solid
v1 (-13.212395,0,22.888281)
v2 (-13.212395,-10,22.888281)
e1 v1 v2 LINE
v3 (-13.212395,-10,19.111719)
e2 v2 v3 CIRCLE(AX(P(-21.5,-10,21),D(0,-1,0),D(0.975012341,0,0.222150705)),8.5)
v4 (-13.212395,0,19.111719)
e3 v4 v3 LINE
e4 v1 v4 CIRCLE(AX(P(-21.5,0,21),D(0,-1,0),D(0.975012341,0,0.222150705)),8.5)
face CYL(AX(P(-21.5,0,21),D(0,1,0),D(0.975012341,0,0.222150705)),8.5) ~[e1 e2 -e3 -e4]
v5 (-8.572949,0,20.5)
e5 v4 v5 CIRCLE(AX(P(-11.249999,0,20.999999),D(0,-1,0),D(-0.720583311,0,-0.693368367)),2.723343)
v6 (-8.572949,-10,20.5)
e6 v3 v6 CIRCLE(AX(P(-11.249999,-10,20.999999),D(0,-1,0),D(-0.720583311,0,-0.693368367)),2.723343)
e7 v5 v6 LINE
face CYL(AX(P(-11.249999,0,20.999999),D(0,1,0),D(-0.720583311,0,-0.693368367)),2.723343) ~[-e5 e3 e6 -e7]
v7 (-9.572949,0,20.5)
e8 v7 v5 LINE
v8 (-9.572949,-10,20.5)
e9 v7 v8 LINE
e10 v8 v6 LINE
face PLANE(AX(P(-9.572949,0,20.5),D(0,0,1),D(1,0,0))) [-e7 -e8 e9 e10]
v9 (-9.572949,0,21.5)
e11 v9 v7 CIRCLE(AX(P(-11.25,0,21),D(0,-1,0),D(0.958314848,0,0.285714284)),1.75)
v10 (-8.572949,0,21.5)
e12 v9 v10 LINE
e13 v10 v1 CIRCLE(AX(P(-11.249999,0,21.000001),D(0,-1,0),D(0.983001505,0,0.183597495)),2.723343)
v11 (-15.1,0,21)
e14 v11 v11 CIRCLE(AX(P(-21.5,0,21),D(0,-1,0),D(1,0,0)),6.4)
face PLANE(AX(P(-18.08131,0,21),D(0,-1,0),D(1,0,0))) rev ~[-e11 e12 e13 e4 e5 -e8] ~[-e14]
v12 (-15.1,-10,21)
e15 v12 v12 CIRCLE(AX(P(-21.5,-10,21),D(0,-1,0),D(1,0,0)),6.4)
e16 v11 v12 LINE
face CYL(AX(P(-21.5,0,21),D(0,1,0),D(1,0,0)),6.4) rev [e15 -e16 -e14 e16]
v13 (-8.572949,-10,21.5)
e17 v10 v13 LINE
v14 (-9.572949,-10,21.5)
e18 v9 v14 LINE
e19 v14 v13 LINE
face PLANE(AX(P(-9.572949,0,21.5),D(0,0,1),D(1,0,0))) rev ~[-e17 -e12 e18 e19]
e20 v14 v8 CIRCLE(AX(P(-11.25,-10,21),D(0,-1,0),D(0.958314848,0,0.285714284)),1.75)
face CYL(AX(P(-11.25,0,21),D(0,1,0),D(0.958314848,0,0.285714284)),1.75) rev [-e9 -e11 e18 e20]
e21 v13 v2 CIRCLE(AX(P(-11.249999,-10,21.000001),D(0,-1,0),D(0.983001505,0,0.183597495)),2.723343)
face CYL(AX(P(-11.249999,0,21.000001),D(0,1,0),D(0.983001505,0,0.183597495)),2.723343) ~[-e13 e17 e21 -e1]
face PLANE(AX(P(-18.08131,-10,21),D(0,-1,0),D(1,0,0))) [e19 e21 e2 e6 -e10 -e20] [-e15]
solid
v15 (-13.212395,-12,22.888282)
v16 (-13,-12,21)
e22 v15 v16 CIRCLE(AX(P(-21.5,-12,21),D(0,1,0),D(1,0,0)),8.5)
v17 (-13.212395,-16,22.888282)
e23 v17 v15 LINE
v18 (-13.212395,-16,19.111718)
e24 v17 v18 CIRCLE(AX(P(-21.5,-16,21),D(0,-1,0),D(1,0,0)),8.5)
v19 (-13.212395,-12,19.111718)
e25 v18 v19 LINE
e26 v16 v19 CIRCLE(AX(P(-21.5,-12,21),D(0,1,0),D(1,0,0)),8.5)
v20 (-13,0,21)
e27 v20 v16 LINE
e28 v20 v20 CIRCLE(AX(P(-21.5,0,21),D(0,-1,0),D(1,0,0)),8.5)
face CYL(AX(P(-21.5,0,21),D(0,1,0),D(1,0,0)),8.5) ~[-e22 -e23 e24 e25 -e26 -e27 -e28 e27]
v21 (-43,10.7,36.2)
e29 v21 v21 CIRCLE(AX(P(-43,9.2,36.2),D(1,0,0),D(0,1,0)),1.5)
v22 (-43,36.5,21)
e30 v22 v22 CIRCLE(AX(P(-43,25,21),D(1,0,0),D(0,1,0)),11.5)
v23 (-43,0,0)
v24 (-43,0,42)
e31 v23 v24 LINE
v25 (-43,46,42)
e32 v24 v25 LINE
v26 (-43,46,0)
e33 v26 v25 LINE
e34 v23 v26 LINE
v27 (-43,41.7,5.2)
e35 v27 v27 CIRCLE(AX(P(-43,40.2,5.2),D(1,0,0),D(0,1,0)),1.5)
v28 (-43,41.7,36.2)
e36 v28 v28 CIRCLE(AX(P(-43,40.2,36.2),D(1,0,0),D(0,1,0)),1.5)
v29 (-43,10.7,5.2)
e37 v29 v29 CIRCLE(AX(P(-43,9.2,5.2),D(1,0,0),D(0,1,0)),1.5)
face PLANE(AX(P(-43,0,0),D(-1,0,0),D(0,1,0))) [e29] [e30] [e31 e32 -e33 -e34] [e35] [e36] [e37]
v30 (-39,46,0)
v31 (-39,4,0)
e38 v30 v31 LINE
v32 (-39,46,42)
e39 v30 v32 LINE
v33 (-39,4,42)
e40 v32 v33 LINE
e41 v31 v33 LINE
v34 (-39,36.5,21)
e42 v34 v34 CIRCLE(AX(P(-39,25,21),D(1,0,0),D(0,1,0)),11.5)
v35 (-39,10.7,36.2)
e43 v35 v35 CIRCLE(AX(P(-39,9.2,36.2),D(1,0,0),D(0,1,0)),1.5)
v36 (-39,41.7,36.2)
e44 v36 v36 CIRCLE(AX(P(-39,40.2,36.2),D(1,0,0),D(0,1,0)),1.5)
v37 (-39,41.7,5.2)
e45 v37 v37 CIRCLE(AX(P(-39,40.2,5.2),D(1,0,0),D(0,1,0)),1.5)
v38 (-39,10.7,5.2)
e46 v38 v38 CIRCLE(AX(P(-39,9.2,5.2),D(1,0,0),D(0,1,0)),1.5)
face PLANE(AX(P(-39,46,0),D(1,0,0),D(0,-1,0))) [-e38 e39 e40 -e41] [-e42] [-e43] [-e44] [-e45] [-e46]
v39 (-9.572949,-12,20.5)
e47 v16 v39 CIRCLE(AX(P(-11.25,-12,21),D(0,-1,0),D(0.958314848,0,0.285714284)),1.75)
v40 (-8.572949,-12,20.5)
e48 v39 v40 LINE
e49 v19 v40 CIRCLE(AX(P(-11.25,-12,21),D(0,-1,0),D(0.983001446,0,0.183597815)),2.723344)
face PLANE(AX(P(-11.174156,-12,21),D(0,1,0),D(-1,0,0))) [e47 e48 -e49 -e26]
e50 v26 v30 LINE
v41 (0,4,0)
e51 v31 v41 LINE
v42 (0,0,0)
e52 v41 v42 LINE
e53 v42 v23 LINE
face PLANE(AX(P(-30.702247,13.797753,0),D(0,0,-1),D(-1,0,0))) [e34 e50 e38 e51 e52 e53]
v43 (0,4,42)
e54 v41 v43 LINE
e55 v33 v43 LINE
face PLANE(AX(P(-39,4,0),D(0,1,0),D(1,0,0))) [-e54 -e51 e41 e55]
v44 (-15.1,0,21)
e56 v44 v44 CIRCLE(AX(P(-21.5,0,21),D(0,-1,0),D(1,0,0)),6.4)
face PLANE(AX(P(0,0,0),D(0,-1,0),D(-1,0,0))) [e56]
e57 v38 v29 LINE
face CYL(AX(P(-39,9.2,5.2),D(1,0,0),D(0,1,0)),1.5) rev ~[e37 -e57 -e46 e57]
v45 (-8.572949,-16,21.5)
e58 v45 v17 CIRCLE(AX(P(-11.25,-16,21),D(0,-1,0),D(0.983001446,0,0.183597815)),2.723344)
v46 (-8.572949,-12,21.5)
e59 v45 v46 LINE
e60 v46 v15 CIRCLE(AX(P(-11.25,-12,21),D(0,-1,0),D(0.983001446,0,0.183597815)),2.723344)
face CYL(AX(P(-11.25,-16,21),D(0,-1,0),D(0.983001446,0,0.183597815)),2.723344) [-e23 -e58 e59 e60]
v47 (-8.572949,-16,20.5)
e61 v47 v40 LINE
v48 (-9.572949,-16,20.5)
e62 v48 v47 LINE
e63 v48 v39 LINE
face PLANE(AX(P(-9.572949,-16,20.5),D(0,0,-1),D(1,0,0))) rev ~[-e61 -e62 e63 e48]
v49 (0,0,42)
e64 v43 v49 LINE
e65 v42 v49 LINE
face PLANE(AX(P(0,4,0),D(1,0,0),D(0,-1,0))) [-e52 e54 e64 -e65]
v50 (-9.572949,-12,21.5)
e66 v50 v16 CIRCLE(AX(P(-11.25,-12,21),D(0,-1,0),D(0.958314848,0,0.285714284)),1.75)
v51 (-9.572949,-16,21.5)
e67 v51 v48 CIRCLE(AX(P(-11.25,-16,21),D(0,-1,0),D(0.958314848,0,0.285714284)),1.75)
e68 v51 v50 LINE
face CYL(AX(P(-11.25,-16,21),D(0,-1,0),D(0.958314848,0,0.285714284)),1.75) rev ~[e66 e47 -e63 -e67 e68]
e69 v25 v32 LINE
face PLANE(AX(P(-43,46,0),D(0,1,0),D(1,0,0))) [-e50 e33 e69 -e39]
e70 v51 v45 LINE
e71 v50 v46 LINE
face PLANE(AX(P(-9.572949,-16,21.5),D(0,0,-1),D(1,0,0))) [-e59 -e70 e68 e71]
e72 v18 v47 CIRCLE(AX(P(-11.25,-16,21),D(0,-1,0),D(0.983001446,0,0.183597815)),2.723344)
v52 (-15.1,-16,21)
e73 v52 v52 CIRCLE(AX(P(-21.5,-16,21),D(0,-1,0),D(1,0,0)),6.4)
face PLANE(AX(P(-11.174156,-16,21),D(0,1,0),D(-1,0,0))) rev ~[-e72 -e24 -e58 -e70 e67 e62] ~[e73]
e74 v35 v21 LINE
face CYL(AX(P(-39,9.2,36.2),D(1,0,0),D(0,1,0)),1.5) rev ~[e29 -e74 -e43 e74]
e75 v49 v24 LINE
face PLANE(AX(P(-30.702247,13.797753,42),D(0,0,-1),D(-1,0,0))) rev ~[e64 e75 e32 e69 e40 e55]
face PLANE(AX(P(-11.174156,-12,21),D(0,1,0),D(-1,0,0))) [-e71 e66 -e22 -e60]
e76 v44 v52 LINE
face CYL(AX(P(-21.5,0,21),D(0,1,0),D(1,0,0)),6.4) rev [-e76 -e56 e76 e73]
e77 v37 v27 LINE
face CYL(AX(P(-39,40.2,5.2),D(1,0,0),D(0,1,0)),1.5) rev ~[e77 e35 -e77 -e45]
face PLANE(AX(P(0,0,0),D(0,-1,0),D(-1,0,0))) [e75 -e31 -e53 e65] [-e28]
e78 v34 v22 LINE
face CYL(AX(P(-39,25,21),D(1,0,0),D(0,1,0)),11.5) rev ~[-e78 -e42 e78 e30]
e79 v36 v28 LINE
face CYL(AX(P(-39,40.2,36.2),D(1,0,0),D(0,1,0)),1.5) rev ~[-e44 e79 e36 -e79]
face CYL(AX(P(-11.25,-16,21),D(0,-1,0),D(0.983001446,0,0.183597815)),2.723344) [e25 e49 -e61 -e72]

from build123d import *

# Parameters (mm, degrees)
PAD_DEPTH     = 42
SKETCH001_R   = 1.5
SKETCH001_R_2 = 11.5
POCKET_DEPTH  = 4.001
SKETCH002_R   = 8.5
SKETCH002_R_2 = 6.4
PAD001_DEPTH  = 16
PAD002_DEPTH  = 4
SKETCH004_R   = 6.4
PAD003_DEPTH  = 10


with BuildPart() as body:
    # Sketch → Pad (new body)
    with BuildSketch(Plane.XY):
        Polygon((0, 0), (-43, 0), (-43, 46), (-39, 46), (-39, 4), (0, 4), align=None)
    extrude(amount=PAD_DEPTH)

    # Sketch001 (on Face4 of Pad) → Pocket (cut, through all)
    with BuildSketch(Plane.YZ.offset(-39)):
        with Locations((9.2, 36.2)):
            Circle(SKETCH001_R)
        with Locations((40.2, 36.2)):
            Circle(SKETCH001_R)
        with Locations((9.2, 5.2)):
            Circle(SKETCH001_R)
        with Locations((40.2, 5.2)):
            Circle(SKETCH001_R)
        with Locations((25, 21)):
            Circle(SKETCH001_R_2)
    extrude(amount=-POCKET_DEPTH, mode=Mode.SUBTRACT)

    # Sketch002 (on Face1 of Pocket) → Pad001 (join)
    with BuildSketch(Plane.XZ):
        with Locations((-21.5, 21)):
            Circle(SKETCH002_R)
        with Locations((-21.5, 21)):
            Circle(SKETCH002_R_2, mode=Mode.SUBTRACT)
    extrude(amount=PAD001_DEPTH)

    # Sketch003 (on Face15 of Pad001) → Pad002 (join)
    with BuildSketch(Plane.XZ.offset(16)):
        with BuildLine():
            ThreePointArc((-9.572949, 21.5), (-13, 21), (-9.572949, 20.5))
            Line((-9.572949, 20.5), (-8.572949, 20.5))
            ThreePointArc((-8.572949, 21.5), (-13.973344, 21), (-8.572949, 20.5))
            Line((-9.572949, 21.5), (-8.572949, 21.5))
        make_face()
    extrude(amount=-PAD002_DEPTH)


with BuildPart() as body001:
    # Sketch004 → Pad003 (new body)
    with BuildSketch(Plane.XZ):
        with BuildLine():
            ThreePointArc((-13.212395, 22.888281), (-30, 21), (-13.212395, 19.111719))
            ThreePointArc((-13.212395, 19.111719), (-10.469286, 18.39096), (-8.572949, 20.5))
            Line((-9.572949, 20.5), (-8.572949, 20.5))
            ThreePointArc((-9.572949, 21.5), (-13, 21), (-9.572949, 20.5))
            Line((-9.572949, 21.5), (-8.572949, 21.5))
            ThreePointArc((-8.572949, 21.5), (-10.469286, 23.60904), (-13.212395, 22.888281))
        make_face()
        with Locations((-21.5, 21)):
            Circle(SKETCH004_R, mode=Mode.SUBTRACT)
    extrude(amount=PAD003_DEPTH)


solid = Compound([body.part, body001.part])
